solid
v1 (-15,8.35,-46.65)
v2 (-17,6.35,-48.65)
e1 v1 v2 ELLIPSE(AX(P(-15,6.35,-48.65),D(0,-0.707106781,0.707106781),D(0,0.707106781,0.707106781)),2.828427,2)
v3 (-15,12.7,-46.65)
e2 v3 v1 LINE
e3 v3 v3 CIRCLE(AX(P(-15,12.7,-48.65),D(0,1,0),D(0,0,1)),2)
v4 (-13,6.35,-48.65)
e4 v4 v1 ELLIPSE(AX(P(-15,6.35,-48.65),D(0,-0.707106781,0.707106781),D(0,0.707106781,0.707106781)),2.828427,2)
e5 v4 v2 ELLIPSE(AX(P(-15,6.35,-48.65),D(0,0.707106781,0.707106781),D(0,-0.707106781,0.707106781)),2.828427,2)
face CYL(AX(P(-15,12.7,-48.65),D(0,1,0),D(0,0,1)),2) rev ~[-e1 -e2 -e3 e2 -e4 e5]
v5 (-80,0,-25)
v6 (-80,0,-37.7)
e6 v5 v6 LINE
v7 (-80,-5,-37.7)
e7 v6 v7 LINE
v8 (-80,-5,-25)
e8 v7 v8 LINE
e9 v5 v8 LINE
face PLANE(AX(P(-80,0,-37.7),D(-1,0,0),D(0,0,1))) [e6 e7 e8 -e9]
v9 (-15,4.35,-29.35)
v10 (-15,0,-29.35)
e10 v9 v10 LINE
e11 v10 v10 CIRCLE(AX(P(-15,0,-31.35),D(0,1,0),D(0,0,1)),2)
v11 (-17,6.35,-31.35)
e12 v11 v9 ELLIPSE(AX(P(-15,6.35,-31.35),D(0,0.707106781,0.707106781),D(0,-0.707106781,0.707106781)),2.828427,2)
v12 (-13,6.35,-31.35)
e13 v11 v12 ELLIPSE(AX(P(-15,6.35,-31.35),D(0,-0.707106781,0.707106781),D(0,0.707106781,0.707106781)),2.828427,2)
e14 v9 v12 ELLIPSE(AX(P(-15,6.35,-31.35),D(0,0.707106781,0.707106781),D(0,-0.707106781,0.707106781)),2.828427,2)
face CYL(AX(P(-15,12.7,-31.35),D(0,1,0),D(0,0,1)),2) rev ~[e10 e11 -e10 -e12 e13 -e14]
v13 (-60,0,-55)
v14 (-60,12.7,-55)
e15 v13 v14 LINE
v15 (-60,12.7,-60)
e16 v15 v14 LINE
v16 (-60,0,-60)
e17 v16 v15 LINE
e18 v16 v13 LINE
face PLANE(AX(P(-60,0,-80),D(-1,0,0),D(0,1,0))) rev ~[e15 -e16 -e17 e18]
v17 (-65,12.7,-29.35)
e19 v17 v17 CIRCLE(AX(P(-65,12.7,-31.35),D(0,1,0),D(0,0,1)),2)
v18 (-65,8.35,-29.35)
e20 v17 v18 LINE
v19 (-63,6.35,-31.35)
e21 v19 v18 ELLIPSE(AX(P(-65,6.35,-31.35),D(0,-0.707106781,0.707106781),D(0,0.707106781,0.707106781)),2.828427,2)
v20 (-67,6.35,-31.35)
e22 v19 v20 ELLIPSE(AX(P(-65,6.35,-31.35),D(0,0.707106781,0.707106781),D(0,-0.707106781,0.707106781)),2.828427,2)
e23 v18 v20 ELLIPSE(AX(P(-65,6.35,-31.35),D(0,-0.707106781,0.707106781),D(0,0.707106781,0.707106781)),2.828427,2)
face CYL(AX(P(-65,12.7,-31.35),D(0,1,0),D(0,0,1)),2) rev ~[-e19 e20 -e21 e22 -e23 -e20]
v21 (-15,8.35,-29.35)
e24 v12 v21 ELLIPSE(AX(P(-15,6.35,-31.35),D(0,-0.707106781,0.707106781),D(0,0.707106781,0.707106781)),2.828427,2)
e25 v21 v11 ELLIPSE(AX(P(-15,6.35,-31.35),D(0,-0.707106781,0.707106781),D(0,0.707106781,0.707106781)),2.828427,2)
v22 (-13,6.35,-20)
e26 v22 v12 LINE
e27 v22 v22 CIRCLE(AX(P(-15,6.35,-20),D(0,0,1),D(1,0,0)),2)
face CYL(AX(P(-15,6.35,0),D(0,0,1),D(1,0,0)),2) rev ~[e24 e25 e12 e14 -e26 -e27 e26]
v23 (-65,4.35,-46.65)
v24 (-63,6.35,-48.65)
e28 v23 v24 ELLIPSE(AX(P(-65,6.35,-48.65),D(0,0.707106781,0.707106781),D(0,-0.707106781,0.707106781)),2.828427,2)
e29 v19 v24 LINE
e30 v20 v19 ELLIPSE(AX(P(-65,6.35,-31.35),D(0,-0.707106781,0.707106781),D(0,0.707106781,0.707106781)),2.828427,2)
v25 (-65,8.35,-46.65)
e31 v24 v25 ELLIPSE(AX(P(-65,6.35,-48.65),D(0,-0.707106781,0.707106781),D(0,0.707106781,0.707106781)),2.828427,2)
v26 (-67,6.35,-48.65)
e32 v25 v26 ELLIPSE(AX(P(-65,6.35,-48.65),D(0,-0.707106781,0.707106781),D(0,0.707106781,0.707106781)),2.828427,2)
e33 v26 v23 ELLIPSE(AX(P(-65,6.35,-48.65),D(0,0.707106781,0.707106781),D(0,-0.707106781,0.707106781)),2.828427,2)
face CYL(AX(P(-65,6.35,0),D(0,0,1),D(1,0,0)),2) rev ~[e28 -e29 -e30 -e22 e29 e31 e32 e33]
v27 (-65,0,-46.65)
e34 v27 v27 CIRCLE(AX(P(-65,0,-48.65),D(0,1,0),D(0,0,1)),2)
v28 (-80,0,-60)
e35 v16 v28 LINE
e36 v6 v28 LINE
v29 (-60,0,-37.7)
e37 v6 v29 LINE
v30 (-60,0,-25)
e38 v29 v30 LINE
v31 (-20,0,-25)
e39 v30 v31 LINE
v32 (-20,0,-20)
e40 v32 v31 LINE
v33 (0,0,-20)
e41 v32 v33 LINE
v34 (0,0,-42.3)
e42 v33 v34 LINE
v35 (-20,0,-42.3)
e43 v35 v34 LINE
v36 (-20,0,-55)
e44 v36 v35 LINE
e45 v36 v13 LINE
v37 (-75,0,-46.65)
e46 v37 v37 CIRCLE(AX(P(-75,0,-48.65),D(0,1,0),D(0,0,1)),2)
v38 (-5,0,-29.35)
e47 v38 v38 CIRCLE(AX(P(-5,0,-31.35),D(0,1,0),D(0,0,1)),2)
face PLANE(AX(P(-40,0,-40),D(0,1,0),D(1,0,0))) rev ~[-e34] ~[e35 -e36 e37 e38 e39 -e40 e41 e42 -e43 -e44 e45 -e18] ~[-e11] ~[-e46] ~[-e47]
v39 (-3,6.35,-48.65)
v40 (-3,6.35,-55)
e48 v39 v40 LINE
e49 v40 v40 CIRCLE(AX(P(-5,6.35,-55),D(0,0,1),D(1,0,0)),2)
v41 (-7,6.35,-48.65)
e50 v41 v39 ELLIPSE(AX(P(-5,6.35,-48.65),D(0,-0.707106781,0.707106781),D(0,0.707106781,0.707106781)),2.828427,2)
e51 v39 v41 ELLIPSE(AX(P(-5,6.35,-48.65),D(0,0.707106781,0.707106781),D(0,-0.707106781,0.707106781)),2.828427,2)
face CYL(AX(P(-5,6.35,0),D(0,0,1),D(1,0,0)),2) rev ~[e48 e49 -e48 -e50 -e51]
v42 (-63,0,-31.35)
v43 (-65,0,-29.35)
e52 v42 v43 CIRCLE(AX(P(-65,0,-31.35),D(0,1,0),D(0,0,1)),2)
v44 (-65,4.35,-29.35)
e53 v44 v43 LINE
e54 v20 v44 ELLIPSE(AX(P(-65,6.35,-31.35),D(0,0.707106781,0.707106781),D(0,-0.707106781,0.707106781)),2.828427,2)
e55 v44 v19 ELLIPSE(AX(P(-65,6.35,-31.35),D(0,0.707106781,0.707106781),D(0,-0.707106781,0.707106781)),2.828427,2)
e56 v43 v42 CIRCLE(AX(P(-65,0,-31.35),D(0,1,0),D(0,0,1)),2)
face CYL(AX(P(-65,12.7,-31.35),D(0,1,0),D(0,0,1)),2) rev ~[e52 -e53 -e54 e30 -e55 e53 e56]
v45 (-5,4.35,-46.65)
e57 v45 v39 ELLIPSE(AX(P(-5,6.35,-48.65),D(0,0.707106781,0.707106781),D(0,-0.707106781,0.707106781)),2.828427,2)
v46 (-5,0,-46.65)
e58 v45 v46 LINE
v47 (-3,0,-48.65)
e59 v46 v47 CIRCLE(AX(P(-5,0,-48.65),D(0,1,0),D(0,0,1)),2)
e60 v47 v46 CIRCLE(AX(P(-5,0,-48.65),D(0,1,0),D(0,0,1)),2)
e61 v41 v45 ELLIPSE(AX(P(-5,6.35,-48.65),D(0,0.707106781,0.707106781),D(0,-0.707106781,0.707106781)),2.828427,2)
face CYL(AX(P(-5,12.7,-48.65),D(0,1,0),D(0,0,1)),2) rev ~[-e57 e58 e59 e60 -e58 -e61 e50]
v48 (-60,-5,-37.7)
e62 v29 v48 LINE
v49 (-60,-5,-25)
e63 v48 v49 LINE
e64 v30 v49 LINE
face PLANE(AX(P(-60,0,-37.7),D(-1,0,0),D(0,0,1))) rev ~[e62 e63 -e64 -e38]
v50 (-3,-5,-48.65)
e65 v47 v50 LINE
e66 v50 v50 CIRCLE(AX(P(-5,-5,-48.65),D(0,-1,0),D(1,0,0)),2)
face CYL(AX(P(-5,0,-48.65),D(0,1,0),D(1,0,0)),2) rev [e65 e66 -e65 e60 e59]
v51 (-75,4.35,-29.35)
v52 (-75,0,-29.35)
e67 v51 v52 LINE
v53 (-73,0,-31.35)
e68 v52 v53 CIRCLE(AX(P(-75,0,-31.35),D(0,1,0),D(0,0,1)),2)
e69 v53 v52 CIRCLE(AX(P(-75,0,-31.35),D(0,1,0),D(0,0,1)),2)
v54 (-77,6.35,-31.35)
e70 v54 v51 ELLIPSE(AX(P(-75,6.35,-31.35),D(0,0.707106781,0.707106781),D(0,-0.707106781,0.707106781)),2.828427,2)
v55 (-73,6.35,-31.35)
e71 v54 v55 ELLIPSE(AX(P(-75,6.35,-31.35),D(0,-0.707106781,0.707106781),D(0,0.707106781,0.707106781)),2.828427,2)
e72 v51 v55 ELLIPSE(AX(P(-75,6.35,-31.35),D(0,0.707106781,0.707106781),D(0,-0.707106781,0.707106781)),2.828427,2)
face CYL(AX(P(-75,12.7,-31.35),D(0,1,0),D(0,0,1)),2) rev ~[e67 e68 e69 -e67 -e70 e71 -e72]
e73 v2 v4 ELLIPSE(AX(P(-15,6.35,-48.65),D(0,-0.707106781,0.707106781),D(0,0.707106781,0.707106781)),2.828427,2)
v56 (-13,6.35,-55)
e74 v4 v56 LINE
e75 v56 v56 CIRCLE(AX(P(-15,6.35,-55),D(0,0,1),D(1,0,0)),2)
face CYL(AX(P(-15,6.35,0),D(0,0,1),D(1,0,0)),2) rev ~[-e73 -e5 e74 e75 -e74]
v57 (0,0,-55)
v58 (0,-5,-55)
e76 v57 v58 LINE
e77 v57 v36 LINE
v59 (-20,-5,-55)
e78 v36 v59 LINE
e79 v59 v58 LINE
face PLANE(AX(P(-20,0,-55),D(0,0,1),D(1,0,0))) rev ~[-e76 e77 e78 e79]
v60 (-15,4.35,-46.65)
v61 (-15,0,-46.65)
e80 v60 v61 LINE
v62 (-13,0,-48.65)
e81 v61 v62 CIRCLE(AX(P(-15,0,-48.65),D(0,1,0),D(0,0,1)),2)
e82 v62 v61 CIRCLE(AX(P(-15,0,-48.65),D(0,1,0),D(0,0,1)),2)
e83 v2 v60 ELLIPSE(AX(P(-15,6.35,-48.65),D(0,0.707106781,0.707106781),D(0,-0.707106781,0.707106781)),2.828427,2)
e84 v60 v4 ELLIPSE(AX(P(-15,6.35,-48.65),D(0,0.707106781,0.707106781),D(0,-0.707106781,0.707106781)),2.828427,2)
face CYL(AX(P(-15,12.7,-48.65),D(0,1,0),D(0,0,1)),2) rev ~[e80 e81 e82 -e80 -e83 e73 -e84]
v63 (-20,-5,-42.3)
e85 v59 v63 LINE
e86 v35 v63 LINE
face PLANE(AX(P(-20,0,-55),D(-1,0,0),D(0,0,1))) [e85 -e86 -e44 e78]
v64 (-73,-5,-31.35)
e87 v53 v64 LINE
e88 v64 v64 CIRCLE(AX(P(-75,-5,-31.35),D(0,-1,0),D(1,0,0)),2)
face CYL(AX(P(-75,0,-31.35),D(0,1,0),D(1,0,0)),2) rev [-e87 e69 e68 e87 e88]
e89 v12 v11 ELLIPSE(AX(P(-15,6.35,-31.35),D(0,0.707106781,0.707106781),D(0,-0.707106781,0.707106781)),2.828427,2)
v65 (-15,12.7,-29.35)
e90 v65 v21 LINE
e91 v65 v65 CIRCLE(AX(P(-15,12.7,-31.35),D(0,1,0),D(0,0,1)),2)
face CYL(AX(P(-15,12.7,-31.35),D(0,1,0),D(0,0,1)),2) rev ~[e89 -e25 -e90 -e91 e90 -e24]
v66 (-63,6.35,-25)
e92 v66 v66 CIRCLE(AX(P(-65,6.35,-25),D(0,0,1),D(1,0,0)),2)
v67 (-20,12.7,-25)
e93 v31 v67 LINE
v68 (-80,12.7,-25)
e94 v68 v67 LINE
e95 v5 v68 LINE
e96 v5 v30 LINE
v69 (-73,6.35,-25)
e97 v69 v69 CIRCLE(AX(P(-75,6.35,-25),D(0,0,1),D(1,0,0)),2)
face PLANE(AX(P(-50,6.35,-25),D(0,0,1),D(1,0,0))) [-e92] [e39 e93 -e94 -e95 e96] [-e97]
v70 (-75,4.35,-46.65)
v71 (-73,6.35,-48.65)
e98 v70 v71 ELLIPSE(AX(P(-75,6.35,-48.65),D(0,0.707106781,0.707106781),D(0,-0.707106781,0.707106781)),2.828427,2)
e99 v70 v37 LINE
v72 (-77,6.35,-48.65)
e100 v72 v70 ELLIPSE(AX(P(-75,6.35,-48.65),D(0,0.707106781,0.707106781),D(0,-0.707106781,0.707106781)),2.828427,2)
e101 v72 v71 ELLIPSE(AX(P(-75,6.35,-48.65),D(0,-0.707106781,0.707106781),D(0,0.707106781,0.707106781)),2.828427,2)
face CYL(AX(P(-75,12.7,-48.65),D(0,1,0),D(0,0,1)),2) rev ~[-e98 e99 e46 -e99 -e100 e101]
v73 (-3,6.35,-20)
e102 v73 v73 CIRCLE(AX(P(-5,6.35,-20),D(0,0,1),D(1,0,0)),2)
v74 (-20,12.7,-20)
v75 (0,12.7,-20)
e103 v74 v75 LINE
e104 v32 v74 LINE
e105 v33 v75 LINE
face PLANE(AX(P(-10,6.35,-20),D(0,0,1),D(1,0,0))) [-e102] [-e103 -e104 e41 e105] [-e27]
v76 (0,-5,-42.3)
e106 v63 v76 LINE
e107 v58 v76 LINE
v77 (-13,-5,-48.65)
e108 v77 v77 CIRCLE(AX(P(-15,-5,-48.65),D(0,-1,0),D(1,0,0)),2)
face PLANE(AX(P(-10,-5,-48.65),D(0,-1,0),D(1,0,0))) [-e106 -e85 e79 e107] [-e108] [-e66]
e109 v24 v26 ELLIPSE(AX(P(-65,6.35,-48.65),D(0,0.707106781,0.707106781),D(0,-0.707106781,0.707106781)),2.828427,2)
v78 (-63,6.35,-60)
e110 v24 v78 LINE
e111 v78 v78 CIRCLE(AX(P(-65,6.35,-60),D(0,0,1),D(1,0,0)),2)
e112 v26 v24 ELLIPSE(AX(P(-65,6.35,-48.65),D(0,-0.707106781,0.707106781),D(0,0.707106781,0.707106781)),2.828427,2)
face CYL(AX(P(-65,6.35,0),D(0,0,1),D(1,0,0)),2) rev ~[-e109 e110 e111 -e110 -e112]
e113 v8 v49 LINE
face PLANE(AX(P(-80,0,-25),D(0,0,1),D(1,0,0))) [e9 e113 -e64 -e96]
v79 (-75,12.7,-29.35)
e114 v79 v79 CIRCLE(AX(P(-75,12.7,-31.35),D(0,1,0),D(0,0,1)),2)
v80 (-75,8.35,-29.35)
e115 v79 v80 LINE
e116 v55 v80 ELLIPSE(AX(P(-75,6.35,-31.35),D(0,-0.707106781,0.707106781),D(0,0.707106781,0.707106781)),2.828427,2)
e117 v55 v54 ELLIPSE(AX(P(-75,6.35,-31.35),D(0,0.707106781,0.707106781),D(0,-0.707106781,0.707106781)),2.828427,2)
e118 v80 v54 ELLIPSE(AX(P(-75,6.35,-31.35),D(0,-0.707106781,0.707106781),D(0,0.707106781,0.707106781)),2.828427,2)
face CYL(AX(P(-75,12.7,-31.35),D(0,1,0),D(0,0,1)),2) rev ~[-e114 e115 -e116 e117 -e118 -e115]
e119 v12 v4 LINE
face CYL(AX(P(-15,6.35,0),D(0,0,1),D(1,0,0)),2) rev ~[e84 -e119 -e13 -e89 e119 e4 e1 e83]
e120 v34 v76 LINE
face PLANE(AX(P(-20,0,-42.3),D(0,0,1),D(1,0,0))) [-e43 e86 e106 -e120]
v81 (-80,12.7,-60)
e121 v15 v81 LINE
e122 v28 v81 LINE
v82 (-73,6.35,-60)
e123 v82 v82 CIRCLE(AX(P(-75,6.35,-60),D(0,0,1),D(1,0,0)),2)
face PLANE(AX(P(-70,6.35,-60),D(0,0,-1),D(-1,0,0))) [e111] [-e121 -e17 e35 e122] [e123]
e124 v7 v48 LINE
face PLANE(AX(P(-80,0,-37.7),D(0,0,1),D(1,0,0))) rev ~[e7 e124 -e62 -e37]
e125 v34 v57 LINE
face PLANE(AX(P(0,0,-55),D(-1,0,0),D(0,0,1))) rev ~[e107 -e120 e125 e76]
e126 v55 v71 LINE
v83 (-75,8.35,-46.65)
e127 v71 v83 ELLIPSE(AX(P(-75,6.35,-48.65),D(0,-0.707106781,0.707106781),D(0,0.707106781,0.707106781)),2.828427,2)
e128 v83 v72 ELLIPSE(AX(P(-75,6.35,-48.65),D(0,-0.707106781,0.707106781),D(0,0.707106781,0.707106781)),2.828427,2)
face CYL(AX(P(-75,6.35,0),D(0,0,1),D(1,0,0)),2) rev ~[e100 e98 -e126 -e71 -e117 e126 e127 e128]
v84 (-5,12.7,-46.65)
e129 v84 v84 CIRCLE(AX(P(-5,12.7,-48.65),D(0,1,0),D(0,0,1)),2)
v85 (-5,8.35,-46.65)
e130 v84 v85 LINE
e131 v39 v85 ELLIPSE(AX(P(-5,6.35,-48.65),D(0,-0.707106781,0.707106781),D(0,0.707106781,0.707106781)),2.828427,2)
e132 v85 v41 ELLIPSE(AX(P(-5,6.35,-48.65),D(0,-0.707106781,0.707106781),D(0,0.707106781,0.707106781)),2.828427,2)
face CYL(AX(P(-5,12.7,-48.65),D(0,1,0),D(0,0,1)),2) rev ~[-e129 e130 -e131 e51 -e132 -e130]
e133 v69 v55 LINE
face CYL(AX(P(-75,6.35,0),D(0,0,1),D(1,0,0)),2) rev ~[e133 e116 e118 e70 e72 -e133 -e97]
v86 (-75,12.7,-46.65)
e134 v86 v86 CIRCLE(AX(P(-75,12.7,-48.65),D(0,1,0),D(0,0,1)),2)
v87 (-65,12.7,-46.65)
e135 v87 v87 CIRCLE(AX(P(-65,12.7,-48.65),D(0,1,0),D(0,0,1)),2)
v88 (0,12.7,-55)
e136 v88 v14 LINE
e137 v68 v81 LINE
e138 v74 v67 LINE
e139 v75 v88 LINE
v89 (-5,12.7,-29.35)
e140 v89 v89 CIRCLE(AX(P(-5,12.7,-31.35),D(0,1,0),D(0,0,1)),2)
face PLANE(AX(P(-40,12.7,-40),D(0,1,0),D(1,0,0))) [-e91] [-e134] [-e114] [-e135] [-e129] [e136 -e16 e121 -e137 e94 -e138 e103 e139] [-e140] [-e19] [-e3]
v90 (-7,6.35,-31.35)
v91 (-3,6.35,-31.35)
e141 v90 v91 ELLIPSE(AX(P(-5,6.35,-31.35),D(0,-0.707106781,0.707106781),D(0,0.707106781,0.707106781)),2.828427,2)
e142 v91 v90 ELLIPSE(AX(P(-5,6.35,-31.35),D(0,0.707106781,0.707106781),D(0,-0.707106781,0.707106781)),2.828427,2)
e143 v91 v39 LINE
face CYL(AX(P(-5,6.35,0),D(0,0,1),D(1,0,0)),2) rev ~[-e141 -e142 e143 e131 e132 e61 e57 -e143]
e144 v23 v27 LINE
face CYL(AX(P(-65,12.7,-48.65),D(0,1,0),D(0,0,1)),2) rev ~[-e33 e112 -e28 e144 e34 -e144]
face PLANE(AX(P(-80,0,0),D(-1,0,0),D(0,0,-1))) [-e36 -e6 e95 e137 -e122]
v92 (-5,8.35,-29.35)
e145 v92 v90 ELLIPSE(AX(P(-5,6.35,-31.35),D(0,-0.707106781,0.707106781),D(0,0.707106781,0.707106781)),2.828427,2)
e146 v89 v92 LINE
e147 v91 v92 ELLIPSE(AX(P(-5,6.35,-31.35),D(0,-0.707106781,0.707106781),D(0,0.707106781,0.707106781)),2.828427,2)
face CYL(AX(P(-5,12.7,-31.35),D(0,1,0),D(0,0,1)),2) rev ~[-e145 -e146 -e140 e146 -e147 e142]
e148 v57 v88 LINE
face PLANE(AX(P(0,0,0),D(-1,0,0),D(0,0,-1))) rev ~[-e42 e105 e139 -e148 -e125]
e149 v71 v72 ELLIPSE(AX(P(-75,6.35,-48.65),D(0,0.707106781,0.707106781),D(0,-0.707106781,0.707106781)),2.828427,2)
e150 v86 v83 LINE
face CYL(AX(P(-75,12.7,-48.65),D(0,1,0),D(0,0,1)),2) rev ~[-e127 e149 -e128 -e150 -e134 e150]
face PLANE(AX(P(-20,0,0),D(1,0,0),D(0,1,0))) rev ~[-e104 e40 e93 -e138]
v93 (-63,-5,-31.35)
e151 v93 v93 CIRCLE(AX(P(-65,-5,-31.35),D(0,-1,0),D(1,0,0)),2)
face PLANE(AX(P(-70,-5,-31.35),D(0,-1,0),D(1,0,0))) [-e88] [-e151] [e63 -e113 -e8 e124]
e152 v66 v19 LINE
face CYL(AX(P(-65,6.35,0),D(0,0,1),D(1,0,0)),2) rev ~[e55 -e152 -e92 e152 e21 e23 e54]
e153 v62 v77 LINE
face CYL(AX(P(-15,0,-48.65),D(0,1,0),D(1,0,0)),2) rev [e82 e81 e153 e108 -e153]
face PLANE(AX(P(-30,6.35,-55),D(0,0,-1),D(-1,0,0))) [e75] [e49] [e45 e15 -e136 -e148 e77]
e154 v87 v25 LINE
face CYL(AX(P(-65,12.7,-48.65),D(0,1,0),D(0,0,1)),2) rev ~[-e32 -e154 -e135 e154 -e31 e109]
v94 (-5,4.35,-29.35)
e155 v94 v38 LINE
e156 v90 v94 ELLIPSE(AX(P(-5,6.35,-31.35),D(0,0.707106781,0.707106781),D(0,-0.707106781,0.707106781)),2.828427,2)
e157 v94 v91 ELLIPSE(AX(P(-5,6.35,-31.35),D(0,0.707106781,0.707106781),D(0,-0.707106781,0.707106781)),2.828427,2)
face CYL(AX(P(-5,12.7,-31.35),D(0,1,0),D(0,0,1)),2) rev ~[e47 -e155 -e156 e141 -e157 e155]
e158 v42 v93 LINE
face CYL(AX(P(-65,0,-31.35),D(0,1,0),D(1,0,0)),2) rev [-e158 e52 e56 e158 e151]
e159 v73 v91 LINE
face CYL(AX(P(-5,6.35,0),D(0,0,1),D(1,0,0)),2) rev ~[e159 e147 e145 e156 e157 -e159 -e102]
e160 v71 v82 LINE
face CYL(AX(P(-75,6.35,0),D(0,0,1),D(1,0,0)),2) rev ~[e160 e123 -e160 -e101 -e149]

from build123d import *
from build123d.topology import SkipClean

# Parameters (mm, degrees)
SKETCH1_W           = 80
SKETCH1_H           = 80
BOSS_EXTRUDE1_DEPTH = 12.7
SKETCH2_R           = 2
CUT_EXTRUDE1_DEPTH  = 114.847661373
SKETCH3_W           = 60
SKETCH3_H           = 12.7
CUT_EXTRUDE2_DEPTH  = 25
SKETCH4_W           = 60
SKETCH4_H           = 12.7
CUT_EXTRUDE3_DEPTH  = 25
SKETCH5_R           = 2
CUT_EXTRUDE4_DEPTH  = 114.847661373
SKETCH6_W           = 20
SKETCH6_H           = 12.7
CUT_EXTRUDE5_DEPTH  = 20
SKETCH8_W           = 20
SKETCH8_H           = 12.7
CUT_EXTRUDE6_DEPTH  = 20
SKETCH9_W           = 20
SKETCH9_H           = 12.7
SKETCH9_R           = 2
BOSS_EXTRUDE3_DEPTH = 5


with BuildPart() as part:
    # Sketch1 → Boss-Extrude1 (new body)
    with BuildSketch(Plane(origin=(0, 0, 0), x_dir=(1, 0, 0), z_dir=(0, 1, 0))):
        with Locations((-40, 40)):
            Rectangle(SKETCH1_W, SKETCH1_H)
    extrude(amount=BOSS_EXTRUDE1_DEPTH)

    # Sketch2 → Cut-Extrude1 (cut, through all)
    with BuildSketch(Plane.XY):
        with Locations((-75, 6.35)):
            Circle(SKETCH2_R)
        with Locations((-65, 6.35)):
            Circle(SKETCH2_R)
        with Locations((-15, 6.35)):
            Circle(SKETCH2_R)
        with Locations((-5, 6.35)):
            Circle(SKETCH2_R)
    extrude(amount=-CUT_EXTRUDE1_DEPTH, mode=Mode.SUBTRACT)

    # Sketch3 → Cut-Extrude2 (cut)
    with BuildSketch(Plane.XY):
        with Locations((-50, 6.35)):
            Rectangle(SKETCH3_W, SKETCH3_H)
    extrude(amount=-CUT_EXTRUDE2_DEPTH, mode=Mode.SUBTRACT)

    # Sketch4 → Cut-Extrude3 (cut)
    with BuildSketch(Plane(origin=(0, 0, -80), x_dir=(-1, 0, 0), z_dir=(0, 0, -1))):
        with Locations((30, 6.35)):
            Rectangle(SKETCH4_W, SKETCH4_H)
    extrude(amount=-CUT_EXTRUDE3_DEPTH, mode=Mode.SUBTRACT)

    # Sketch5 → Cut-Extrude4 (cut, through all)
    with BuildSketch(Plane(origin=(0, 12.7, 0), x_dir=(1, 0, 0), z_dir=(0, 1, 0))):
        with Locations(Location((-75, 48.65, 0), (0, 0, 270))):
            Circle(SKETCH5_R)
        with Locations(Location((-65, 48.65, 0), (0, 0, 270))):
            Circle(SKETCH5_R)
        with Locations(Location((-75, 31.35, 0), (0, 0, 270))):
            Circle(SKETCH5_R)
        with Locations(Location((-65, 31.35, 0), (0, 0, 270))):
            Circle(SKETCH5_R)
        with Locations(Location((-15, 48.65, 0), (0, 0, 270))):
            Circle(SKETCH5_R)
        with Locations(Location((-5, 48.65, 0), (0, 0, 270))):
            Circle(SKETCH5_R)
        with Locations(Location((-5, 31.35, 0), (0, 0, 270))):
            Circle(SKETCH5_R)
        with Locations(Location((-15, 31.35, 0), (0, 0, 270))):
            Circle(SKETCH5_R)
    extrude(amount=-CUT_EXTRUDE4_DEPTH, mode=Mode.SUBTRACT)

    # Sketch6 → Cut-Extrude5 (cut)
    with BuildSketch(Plane.XY):
        with Locations((-10, 6.35)):
            Rectangle(SKETCH6_W, SKETCH6_H)
    extrude(amount=-CUT_EXTRUDE5_DEPTH, mode=Mode.SUBTRACT)

    # Sketch8 → Cut-Extrude6 (cut)
    with BuildSketch(Plane(origin=(0, 0, -80), x_dir=(-1, 0, 0), z_dir=(0, 0, -1))):
        with Locations((70, 6.35)):
            Rectangle(SKETCH8_W, SKETCH8_H)
    extrude(amount=-CUT_EXTRUDE6_DEPTH, mode=Mode.SUBTRACT)

    # Sketch9 → Boss-Extrude3 (add)
    # profile 1 of 2: a face of its own
    with SkipClean():  # the faces are left unmerged after this step: merging them gives an invalid solid
        with BuildSketch(Plane.XZ):
            with Locations((-10, -48.65)):
                Rectangle(SKETCH9_W, SKETCH9_H)
            with Locations((-15, -48.65)):
                Circle(SKETCH9_R, mode=Mode.SUBTRACT)
            with Locations((-5, -48.65)):
                Circle(SKETCH9_R, mode=Mode.SUBTRACT)
        # profile 2 of 2: a face of its own
        with BuildSketch(Plane.XZ):
            with Locations((-70, -31.35)):
                Rectangle(SKETCH9_W, SKETCH9_H)
            with Locations((-65, -31.35)):
                Circle(SKETCH9_R, mode=Mode.SUBTRACT)
            with Locations((-75, -31.35)):
                Circle(SKETCH9_R, mode=Mode.SUBTRACT)
        extrude(amount=BOSS_EXTRUDE3_DEPTH)


solid = part.part
